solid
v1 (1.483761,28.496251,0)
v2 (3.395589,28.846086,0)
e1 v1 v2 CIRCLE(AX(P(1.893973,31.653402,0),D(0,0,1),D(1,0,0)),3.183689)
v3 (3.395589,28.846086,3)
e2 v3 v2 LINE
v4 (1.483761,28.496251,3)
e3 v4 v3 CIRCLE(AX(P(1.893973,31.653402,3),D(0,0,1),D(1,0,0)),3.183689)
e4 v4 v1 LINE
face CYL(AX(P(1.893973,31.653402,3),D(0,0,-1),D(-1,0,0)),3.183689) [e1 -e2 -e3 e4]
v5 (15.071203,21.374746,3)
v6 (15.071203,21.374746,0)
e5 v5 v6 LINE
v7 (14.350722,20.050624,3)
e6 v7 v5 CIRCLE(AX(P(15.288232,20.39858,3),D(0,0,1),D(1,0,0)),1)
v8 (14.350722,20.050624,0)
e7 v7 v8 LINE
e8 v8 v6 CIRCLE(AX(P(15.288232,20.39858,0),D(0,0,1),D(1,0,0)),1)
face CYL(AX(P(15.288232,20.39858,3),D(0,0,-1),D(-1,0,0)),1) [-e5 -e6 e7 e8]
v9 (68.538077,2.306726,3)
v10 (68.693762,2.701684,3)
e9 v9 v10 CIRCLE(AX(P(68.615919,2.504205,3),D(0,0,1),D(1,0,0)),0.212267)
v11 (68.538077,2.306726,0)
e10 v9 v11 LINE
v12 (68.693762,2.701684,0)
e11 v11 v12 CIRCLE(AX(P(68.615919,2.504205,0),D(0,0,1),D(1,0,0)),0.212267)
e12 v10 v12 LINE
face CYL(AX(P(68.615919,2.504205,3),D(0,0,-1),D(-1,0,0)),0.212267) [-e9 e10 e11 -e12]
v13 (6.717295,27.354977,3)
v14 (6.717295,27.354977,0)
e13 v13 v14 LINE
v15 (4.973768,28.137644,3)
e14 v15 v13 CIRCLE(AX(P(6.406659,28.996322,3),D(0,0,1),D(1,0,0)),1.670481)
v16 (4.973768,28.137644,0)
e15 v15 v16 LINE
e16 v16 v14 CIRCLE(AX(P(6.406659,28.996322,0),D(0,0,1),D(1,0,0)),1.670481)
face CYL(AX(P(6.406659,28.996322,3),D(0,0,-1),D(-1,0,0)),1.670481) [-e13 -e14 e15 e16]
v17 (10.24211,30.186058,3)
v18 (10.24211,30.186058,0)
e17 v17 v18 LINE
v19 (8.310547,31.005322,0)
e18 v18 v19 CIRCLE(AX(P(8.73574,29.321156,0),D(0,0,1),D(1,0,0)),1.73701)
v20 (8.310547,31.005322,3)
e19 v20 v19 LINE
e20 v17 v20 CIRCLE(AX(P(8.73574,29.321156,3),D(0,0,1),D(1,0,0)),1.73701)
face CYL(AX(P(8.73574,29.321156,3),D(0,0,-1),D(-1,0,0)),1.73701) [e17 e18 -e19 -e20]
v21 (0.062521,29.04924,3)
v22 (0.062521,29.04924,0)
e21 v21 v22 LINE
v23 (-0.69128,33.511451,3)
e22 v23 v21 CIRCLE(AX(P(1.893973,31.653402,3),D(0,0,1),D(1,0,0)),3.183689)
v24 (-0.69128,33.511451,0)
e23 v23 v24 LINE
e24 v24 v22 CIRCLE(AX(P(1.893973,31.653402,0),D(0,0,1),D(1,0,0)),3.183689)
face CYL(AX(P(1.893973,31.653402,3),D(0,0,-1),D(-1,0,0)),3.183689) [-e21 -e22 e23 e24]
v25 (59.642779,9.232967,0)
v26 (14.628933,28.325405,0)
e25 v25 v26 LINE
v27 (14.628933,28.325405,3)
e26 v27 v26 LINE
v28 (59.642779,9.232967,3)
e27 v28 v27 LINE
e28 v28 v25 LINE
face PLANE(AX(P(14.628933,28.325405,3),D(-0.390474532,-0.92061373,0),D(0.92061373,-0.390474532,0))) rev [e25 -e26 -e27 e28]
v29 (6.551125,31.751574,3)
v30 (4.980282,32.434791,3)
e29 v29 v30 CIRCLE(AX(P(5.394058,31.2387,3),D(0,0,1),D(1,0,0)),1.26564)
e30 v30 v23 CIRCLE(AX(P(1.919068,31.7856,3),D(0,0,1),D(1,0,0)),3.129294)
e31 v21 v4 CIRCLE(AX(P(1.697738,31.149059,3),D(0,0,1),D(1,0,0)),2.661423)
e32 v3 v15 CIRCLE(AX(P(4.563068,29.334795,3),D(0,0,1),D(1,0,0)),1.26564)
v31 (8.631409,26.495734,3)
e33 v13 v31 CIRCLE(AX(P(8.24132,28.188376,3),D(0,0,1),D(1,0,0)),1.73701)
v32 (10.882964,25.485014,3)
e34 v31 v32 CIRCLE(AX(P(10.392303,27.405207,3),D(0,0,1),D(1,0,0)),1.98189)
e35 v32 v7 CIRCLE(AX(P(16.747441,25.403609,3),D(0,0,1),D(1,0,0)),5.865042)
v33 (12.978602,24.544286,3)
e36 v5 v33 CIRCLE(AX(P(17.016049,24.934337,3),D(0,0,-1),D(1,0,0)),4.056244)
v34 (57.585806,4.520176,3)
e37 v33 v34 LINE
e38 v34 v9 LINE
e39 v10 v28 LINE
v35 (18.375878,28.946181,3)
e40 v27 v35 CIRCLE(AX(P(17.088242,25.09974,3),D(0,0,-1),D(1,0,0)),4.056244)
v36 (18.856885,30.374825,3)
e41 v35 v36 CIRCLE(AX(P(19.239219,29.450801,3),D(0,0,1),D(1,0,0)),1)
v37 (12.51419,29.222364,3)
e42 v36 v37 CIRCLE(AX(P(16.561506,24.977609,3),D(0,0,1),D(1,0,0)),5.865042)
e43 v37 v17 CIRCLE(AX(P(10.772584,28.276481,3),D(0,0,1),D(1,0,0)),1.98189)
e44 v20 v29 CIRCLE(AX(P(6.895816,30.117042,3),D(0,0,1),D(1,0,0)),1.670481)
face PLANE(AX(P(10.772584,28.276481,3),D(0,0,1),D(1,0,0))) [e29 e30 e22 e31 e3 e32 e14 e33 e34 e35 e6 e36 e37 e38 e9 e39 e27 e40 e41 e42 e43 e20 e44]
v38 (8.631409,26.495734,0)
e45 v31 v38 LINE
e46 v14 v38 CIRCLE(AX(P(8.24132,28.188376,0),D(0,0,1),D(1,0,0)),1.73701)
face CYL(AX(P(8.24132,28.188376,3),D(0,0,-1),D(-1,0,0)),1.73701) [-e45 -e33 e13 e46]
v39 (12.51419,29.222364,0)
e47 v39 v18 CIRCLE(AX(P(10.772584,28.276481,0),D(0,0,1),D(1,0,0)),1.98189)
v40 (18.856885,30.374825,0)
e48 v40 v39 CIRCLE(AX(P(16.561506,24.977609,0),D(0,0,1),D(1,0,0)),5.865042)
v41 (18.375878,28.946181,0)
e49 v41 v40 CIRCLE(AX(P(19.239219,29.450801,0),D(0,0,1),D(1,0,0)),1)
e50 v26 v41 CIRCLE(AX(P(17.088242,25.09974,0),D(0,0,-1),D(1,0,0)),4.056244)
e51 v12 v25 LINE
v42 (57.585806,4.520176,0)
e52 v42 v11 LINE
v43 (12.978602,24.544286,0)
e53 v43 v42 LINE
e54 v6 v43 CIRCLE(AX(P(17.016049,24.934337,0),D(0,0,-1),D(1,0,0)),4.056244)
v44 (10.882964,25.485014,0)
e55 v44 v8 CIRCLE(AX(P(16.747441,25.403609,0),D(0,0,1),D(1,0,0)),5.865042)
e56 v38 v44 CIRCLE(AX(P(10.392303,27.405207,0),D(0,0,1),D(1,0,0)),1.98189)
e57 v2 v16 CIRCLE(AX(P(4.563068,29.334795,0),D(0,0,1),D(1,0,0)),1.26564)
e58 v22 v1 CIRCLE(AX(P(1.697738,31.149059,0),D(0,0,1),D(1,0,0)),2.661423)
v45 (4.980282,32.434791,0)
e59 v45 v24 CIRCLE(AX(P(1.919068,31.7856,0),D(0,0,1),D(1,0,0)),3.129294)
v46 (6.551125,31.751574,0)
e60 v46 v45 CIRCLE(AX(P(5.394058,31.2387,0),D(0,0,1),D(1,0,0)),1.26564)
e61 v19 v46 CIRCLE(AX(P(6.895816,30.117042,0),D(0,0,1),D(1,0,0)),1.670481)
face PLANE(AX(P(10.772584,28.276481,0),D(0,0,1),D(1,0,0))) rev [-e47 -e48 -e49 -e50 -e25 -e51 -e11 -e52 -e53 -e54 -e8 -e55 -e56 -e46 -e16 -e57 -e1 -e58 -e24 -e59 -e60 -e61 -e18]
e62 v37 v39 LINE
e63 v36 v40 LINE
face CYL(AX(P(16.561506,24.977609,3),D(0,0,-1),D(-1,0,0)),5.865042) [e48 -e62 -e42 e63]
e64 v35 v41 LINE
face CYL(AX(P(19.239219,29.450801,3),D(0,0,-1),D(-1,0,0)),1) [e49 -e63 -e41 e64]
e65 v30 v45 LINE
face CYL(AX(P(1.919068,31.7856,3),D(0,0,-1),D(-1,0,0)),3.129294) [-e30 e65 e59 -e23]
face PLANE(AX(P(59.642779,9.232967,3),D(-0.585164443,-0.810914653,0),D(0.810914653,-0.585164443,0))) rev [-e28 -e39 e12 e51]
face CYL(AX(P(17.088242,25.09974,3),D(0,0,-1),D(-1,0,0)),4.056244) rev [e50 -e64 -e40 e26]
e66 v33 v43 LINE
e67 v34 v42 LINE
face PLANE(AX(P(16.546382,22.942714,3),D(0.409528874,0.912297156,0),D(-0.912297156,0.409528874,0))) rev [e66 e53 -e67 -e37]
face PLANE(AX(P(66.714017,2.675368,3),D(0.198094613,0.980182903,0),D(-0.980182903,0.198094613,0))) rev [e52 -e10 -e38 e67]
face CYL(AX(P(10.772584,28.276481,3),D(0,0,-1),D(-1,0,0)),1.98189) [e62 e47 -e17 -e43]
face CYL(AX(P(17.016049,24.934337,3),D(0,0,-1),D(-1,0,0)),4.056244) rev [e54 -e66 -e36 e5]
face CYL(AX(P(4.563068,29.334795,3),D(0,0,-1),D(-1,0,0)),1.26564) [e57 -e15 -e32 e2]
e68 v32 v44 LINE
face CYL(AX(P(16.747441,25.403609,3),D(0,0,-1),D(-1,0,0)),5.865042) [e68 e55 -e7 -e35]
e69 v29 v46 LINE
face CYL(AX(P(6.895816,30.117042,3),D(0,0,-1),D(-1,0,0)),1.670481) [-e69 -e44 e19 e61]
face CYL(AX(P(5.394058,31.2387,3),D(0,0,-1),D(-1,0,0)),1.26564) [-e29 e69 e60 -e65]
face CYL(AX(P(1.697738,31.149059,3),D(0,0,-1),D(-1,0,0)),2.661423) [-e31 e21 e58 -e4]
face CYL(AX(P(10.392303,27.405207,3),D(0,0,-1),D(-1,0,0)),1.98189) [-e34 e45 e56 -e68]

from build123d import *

# Parameters (mm, degrees)
SALIENTE_EXTRUIR1_DEPTH = 3


with BuildPart() as part:
    # Model → Saliente-Extruir1 (new body)
    with BuildSketch(Plane.XY):
        with BuildLine():
            Line((66.714016933, 2.675368226), (68.538077011, 2.306726339))
            ThreePointArc((68.538077011, 2.306726339), (68.813397969, 2.426362589), (68.69376172, 2.701683548))
            Line((68.69376172, 2.701683548), (59.642778757, 9.23296694))
            Line((59.642778757, 9.23296694), (18.229236322, 26.798350869))
            Line((18.229236322, 26.798350869), (14.628932536, 28.325404932))
            ThreePointArc((14.628932536, 28.325404932), (16.425259576, 29.101436048), (18.375877707, 28.946181294))
            ThreePointArc((18.375877707, 28.946181294), (20.18694444, 29.13171328), (18.856885424, 30.37482544))
            ThreePointArc((18.856885424, 30.37482544), (15.51300149, 30.748167733), (12.514190479, 29.22236409))
            ThreePointArc((12.514190479, 29.22236409), (11.546461676, 30.101035899), (10.242109559, 30.186057881))
            ThreePointArc((10.242109559, 30.186057881), (9.413998041, 30.920271825), (8.310546545, 31.005322399))
            ThreePointArc((8.310546545, 31.005322399), (7.548095898, 31.654909282), (6.551125432, 31.751573638))
            ThreePointArc((6.551125432, 31.751573638), (5.898852104, 32.399314767), (4.980282277, 32.434790623))
            ThreePointArc((4.980282277, 32.434790623), (2.50269425, 34.859987429), (-0.691279819, 33.511450585))
            ThreePointArc((-0.691279819, 33.511450585), (-1.245238827, 31.123095112), (0.062521474, 29.0492399))
            ThreePointArc((0.062521474, 29.0492399), (0.732684306, 28.668767636), (1.483760549, 28.496251432))
            ThreePointArc((1.483760549, 28.496251432), (2.467023265, 28.521711274), (3.395589179, 28.846086231))
            ThreePointArc((3.395589179, 28.846086231), (4.04475241, 28.180155342), (4.973767828, 28.137644119))
            ThreePointArc((4.973767828, 28.137644119), (5.722549371, 27.472346961), (6.71729481, 27.354977378))
            ThreePointArc((6.71729481, 27.354977378), (7.529963713, 26.603706418), (8.63140861, 26.495734463))
            ThreePointArc((8.63140861, 26.495734463), (9.580661475, 25.59713434), (10.88296417, 25.485014428))
            ThreePointArc((10.88296417, 25.485014428), (11.803253278, 22.248656569), (14.350721609, 20.050623508))
            ThreePointArc((14.350721609, 20.050623508), (16.16662002, 19.920632003), (15.071202926, 21.374745554))
            ThreePointArc((15.071202926, 21.374745554), (13.631015332, 22.699462439), (12.978602224, 24.544285537))
            Line((12.978602224, 24.544285537), (16.546381847, 22.942714426))
            Line((16.546381847, 22.942714426), (57.585805628, 4.520176455))
            Line((57.585805628, 4.520176455), (66.714016933, 2.675368226))
        make_face()
    extrude(amount=SALIENTE_EXTRUIR1_DEPTH)


solid = part.part
